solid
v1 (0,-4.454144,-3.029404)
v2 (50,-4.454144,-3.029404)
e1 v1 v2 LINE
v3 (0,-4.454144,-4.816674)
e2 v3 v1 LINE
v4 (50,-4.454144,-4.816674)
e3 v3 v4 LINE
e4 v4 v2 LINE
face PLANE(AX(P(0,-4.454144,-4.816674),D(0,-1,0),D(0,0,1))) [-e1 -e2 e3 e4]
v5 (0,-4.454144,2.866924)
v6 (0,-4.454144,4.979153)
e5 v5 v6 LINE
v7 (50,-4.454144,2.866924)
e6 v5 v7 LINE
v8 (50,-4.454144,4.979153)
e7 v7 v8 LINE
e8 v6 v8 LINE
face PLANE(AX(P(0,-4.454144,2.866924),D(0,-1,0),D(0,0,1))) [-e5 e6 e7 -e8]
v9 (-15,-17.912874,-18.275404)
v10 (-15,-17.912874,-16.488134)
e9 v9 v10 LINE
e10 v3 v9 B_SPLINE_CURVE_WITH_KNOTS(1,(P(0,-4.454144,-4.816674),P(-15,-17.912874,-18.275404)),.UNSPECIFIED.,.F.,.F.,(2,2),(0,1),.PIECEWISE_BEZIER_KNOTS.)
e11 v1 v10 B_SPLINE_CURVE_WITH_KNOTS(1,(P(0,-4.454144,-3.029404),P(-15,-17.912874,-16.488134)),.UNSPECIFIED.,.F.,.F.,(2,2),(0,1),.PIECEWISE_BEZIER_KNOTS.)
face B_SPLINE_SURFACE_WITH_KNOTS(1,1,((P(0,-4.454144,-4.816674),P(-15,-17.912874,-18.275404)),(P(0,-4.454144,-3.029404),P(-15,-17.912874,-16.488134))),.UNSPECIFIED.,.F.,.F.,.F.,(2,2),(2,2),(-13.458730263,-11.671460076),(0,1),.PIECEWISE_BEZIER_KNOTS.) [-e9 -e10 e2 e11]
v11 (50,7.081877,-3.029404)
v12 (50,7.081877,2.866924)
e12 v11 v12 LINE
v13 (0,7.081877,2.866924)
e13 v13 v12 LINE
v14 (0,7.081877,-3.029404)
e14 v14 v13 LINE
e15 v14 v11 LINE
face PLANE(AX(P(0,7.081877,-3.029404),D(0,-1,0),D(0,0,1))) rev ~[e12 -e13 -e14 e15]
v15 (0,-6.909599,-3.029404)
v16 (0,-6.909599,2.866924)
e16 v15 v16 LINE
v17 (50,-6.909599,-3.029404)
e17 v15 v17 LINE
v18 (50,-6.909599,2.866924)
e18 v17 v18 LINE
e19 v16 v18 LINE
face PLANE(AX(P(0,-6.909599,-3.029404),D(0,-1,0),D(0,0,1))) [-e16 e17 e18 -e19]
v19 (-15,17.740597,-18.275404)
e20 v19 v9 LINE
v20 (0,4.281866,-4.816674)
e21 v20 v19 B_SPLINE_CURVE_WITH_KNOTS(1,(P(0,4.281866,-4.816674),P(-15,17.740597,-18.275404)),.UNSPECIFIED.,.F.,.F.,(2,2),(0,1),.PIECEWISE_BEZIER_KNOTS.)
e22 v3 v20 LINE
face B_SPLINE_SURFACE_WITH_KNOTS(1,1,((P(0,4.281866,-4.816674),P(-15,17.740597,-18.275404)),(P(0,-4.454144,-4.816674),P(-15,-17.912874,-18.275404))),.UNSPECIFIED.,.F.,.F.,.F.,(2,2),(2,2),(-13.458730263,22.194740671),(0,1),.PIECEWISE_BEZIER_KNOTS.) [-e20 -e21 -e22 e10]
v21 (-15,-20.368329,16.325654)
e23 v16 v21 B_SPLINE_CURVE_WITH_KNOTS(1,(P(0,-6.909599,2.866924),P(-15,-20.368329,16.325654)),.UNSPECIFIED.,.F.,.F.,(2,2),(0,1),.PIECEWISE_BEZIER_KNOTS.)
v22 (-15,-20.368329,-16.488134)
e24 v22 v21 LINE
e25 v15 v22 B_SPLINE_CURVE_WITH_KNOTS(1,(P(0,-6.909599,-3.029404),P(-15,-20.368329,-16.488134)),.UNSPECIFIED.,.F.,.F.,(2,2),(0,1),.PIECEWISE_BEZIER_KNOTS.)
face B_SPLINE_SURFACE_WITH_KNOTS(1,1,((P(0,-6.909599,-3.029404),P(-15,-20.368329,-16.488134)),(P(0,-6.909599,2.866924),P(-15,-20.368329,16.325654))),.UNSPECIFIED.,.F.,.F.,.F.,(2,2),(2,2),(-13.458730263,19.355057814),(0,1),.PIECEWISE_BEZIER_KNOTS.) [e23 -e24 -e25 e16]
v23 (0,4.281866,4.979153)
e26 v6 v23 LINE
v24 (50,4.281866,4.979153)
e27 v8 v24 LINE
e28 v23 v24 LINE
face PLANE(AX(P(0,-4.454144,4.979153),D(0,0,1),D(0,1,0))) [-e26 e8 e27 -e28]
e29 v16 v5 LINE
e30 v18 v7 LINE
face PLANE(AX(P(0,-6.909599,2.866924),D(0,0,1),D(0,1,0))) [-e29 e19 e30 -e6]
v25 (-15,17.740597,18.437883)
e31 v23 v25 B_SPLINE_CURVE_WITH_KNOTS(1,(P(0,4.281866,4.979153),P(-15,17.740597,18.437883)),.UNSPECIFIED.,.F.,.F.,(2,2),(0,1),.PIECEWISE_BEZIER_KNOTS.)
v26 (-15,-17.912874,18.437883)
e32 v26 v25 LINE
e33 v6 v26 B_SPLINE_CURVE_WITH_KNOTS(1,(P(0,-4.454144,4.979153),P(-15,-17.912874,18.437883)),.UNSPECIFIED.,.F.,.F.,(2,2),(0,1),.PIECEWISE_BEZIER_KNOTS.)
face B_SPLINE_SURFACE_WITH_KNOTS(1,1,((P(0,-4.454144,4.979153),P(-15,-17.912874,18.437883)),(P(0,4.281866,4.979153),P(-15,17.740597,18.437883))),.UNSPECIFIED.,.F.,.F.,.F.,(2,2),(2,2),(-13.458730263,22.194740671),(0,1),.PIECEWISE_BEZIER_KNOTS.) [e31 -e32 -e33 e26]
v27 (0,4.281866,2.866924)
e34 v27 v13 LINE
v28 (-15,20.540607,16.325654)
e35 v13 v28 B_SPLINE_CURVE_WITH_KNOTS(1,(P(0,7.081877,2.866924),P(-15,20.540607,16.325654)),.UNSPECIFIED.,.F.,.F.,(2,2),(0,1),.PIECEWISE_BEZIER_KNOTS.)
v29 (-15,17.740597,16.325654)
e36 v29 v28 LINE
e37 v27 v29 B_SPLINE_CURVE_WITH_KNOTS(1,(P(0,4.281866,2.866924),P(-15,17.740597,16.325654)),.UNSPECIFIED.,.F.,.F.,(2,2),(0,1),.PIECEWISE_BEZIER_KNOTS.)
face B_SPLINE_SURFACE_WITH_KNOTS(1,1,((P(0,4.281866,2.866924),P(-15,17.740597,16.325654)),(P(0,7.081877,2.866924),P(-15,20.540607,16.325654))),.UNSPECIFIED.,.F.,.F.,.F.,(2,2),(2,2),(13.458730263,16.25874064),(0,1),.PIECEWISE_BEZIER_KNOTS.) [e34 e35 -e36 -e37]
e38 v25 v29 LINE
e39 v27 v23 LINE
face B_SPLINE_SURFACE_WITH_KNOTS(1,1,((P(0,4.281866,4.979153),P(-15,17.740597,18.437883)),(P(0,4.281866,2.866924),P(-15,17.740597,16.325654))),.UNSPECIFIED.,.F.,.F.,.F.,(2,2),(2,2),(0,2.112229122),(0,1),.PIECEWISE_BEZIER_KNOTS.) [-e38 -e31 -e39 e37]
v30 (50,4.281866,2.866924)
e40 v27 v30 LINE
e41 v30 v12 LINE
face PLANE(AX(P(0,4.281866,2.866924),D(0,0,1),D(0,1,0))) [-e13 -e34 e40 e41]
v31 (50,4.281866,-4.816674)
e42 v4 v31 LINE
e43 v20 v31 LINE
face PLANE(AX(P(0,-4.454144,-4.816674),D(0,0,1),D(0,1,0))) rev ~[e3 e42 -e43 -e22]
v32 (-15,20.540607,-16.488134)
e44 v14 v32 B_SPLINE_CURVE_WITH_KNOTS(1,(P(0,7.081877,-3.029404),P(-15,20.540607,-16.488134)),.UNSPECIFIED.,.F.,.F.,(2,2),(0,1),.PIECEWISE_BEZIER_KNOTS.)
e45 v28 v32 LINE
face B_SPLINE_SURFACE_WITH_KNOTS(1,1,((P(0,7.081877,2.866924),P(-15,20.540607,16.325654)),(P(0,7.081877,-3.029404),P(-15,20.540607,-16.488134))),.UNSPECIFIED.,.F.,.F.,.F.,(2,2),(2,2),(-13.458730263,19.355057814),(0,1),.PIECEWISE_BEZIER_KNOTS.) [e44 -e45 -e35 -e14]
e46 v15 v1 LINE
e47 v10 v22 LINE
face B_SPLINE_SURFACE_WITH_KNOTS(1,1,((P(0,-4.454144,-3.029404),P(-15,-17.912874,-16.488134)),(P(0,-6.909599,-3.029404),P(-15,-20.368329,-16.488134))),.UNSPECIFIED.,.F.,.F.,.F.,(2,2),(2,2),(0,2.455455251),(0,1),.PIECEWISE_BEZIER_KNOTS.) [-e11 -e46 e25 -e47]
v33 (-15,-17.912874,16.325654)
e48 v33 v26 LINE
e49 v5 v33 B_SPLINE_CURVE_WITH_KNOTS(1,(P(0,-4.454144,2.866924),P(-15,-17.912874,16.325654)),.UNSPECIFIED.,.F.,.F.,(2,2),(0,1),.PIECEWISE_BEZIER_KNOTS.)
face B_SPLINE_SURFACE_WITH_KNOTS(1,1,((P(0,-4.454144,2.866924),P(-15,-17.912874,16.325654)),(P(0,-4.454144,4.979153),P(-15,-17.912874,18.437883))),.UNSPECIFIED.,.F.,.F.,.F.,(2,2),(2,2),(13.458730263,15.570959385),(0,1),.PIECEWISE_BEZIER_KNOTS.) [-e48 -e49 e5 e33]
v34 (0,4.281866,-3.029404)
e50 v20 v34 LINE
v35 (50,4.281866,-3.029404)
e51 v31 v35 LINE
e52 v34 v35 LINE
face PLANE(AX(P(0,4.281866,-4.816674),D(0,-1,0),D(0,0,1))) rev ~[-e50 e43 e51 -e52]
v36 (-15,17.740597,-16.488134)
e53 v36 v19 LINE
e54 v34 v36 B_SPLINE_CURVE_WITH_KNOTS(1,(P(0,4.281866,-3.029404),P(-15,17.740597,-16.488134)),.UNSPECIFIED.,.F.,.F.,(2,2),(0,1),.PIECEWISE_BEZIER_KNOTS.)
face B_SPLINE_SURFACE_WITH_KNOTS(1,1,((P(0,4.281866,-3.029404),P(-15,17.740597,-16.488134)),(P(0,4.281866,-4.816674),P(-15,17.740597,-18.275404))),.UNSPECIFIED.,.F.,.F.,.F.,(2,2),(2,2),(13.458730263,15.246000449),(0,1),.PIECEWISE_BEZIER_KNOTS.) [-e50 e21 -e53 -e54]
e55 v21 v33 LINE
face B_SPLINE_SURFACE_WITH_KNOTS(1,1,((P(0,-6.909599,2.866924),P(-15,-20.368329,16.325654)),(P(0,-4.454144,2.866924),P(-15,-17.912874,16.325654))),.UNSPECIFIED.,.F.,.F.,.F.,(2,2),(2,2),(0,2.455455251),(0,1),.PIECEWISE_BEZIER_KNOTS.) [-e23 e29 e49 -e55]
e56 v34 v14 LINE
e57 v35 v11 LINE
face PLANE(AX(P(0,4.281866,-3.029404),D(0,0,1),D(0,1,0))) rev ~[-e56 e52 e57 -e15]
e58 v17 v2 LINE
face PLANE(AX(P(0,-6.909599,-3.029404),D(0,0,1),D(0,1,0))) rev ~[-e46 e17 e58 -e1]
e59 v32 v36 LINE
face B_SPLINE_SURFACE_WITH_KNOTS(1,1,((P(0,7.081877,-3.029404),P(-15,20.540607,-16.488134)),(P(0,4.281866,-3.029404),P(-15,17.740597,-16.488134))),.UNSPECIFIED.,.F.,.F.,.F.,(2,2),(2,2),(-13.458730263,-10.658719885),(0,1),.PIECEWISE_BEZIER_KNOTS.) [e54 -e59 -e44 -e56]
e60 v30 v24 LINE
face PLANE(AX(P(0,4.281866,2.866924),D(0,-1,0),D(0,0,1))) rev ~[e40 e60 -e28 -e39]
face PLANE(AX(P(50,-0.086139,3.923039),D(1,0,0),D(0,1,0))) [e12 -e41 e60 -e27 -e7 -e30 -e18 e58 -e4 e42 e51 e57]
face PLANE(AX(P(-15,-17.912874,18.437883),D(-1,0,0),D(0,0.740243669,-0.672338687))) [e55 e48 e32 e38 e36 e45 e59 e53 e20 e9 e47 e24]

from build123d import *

# Parameters (mm, degrees)
F0_W     = 8.736010408
F0_H     = 2.1122291218
F0_H_2   = 1.7872701865
F0_W_2   = 2.455455251
F0_H_3   = 5.8963275515
F0_W_3   = 2.8000103775
F1_DEPTH = 50
F2_DEPTH = 15
F2_TAPER = -41.9


with BuildPart() as f1:
    # F0 (on Right) → F1 (new body)
    with BuildSketch(Plane.YZ):
        with Locations((-0.0861387816, 3.9230386028)):
            Rectangle(F0_W, F0_H)
        with Locations((-0.0861387816, -3.9230386028)):
            Rectangle(F0_W, F0_H_2)
        with Locations((-5.6818716112, -0.0812397338)):
            Rectangle(F0_W_2, F0_H_3)
        with Locations((5.6818716112, -0.0812397338)):
            Rectangle(F0_W_3, F0_H_3)
        with Locations((-0.0861387816, -0.0812397338)):
            Rectangle(F0_W, F0_H_3)
    extrude(amount=F1_DEPTH)

    # F1_face (on face) → F2 (join)
    with BuildSketch(Plane(origin=(0, 0.0357904821, 0.0380455387), x_dir=(0, 1, 0), z_dir=(-1, 0, 0))):
        Polygon((-4.4899344677, -4.941107625), (4.2460759403, -4.941107625), (4.2460759403, -2.8288785031), (7.0460863178, -2.8288785031), (7.0460863178, 3.0674490483), (4.2460759403, 3.0674490483), (4.2460759403, 4.8547192348), (-4.4899344677, 4.8547192348), (-4.4899344677, 3.0674490483), (-6.9453897188, 3.0674490483), (-6.9453897188, -2.8288785031), (-4.4899344677, -2.8288785031), align=None)
    extrude(amount=F2_DEPTH, taper=F2_TAPER)


solid = f1.part
